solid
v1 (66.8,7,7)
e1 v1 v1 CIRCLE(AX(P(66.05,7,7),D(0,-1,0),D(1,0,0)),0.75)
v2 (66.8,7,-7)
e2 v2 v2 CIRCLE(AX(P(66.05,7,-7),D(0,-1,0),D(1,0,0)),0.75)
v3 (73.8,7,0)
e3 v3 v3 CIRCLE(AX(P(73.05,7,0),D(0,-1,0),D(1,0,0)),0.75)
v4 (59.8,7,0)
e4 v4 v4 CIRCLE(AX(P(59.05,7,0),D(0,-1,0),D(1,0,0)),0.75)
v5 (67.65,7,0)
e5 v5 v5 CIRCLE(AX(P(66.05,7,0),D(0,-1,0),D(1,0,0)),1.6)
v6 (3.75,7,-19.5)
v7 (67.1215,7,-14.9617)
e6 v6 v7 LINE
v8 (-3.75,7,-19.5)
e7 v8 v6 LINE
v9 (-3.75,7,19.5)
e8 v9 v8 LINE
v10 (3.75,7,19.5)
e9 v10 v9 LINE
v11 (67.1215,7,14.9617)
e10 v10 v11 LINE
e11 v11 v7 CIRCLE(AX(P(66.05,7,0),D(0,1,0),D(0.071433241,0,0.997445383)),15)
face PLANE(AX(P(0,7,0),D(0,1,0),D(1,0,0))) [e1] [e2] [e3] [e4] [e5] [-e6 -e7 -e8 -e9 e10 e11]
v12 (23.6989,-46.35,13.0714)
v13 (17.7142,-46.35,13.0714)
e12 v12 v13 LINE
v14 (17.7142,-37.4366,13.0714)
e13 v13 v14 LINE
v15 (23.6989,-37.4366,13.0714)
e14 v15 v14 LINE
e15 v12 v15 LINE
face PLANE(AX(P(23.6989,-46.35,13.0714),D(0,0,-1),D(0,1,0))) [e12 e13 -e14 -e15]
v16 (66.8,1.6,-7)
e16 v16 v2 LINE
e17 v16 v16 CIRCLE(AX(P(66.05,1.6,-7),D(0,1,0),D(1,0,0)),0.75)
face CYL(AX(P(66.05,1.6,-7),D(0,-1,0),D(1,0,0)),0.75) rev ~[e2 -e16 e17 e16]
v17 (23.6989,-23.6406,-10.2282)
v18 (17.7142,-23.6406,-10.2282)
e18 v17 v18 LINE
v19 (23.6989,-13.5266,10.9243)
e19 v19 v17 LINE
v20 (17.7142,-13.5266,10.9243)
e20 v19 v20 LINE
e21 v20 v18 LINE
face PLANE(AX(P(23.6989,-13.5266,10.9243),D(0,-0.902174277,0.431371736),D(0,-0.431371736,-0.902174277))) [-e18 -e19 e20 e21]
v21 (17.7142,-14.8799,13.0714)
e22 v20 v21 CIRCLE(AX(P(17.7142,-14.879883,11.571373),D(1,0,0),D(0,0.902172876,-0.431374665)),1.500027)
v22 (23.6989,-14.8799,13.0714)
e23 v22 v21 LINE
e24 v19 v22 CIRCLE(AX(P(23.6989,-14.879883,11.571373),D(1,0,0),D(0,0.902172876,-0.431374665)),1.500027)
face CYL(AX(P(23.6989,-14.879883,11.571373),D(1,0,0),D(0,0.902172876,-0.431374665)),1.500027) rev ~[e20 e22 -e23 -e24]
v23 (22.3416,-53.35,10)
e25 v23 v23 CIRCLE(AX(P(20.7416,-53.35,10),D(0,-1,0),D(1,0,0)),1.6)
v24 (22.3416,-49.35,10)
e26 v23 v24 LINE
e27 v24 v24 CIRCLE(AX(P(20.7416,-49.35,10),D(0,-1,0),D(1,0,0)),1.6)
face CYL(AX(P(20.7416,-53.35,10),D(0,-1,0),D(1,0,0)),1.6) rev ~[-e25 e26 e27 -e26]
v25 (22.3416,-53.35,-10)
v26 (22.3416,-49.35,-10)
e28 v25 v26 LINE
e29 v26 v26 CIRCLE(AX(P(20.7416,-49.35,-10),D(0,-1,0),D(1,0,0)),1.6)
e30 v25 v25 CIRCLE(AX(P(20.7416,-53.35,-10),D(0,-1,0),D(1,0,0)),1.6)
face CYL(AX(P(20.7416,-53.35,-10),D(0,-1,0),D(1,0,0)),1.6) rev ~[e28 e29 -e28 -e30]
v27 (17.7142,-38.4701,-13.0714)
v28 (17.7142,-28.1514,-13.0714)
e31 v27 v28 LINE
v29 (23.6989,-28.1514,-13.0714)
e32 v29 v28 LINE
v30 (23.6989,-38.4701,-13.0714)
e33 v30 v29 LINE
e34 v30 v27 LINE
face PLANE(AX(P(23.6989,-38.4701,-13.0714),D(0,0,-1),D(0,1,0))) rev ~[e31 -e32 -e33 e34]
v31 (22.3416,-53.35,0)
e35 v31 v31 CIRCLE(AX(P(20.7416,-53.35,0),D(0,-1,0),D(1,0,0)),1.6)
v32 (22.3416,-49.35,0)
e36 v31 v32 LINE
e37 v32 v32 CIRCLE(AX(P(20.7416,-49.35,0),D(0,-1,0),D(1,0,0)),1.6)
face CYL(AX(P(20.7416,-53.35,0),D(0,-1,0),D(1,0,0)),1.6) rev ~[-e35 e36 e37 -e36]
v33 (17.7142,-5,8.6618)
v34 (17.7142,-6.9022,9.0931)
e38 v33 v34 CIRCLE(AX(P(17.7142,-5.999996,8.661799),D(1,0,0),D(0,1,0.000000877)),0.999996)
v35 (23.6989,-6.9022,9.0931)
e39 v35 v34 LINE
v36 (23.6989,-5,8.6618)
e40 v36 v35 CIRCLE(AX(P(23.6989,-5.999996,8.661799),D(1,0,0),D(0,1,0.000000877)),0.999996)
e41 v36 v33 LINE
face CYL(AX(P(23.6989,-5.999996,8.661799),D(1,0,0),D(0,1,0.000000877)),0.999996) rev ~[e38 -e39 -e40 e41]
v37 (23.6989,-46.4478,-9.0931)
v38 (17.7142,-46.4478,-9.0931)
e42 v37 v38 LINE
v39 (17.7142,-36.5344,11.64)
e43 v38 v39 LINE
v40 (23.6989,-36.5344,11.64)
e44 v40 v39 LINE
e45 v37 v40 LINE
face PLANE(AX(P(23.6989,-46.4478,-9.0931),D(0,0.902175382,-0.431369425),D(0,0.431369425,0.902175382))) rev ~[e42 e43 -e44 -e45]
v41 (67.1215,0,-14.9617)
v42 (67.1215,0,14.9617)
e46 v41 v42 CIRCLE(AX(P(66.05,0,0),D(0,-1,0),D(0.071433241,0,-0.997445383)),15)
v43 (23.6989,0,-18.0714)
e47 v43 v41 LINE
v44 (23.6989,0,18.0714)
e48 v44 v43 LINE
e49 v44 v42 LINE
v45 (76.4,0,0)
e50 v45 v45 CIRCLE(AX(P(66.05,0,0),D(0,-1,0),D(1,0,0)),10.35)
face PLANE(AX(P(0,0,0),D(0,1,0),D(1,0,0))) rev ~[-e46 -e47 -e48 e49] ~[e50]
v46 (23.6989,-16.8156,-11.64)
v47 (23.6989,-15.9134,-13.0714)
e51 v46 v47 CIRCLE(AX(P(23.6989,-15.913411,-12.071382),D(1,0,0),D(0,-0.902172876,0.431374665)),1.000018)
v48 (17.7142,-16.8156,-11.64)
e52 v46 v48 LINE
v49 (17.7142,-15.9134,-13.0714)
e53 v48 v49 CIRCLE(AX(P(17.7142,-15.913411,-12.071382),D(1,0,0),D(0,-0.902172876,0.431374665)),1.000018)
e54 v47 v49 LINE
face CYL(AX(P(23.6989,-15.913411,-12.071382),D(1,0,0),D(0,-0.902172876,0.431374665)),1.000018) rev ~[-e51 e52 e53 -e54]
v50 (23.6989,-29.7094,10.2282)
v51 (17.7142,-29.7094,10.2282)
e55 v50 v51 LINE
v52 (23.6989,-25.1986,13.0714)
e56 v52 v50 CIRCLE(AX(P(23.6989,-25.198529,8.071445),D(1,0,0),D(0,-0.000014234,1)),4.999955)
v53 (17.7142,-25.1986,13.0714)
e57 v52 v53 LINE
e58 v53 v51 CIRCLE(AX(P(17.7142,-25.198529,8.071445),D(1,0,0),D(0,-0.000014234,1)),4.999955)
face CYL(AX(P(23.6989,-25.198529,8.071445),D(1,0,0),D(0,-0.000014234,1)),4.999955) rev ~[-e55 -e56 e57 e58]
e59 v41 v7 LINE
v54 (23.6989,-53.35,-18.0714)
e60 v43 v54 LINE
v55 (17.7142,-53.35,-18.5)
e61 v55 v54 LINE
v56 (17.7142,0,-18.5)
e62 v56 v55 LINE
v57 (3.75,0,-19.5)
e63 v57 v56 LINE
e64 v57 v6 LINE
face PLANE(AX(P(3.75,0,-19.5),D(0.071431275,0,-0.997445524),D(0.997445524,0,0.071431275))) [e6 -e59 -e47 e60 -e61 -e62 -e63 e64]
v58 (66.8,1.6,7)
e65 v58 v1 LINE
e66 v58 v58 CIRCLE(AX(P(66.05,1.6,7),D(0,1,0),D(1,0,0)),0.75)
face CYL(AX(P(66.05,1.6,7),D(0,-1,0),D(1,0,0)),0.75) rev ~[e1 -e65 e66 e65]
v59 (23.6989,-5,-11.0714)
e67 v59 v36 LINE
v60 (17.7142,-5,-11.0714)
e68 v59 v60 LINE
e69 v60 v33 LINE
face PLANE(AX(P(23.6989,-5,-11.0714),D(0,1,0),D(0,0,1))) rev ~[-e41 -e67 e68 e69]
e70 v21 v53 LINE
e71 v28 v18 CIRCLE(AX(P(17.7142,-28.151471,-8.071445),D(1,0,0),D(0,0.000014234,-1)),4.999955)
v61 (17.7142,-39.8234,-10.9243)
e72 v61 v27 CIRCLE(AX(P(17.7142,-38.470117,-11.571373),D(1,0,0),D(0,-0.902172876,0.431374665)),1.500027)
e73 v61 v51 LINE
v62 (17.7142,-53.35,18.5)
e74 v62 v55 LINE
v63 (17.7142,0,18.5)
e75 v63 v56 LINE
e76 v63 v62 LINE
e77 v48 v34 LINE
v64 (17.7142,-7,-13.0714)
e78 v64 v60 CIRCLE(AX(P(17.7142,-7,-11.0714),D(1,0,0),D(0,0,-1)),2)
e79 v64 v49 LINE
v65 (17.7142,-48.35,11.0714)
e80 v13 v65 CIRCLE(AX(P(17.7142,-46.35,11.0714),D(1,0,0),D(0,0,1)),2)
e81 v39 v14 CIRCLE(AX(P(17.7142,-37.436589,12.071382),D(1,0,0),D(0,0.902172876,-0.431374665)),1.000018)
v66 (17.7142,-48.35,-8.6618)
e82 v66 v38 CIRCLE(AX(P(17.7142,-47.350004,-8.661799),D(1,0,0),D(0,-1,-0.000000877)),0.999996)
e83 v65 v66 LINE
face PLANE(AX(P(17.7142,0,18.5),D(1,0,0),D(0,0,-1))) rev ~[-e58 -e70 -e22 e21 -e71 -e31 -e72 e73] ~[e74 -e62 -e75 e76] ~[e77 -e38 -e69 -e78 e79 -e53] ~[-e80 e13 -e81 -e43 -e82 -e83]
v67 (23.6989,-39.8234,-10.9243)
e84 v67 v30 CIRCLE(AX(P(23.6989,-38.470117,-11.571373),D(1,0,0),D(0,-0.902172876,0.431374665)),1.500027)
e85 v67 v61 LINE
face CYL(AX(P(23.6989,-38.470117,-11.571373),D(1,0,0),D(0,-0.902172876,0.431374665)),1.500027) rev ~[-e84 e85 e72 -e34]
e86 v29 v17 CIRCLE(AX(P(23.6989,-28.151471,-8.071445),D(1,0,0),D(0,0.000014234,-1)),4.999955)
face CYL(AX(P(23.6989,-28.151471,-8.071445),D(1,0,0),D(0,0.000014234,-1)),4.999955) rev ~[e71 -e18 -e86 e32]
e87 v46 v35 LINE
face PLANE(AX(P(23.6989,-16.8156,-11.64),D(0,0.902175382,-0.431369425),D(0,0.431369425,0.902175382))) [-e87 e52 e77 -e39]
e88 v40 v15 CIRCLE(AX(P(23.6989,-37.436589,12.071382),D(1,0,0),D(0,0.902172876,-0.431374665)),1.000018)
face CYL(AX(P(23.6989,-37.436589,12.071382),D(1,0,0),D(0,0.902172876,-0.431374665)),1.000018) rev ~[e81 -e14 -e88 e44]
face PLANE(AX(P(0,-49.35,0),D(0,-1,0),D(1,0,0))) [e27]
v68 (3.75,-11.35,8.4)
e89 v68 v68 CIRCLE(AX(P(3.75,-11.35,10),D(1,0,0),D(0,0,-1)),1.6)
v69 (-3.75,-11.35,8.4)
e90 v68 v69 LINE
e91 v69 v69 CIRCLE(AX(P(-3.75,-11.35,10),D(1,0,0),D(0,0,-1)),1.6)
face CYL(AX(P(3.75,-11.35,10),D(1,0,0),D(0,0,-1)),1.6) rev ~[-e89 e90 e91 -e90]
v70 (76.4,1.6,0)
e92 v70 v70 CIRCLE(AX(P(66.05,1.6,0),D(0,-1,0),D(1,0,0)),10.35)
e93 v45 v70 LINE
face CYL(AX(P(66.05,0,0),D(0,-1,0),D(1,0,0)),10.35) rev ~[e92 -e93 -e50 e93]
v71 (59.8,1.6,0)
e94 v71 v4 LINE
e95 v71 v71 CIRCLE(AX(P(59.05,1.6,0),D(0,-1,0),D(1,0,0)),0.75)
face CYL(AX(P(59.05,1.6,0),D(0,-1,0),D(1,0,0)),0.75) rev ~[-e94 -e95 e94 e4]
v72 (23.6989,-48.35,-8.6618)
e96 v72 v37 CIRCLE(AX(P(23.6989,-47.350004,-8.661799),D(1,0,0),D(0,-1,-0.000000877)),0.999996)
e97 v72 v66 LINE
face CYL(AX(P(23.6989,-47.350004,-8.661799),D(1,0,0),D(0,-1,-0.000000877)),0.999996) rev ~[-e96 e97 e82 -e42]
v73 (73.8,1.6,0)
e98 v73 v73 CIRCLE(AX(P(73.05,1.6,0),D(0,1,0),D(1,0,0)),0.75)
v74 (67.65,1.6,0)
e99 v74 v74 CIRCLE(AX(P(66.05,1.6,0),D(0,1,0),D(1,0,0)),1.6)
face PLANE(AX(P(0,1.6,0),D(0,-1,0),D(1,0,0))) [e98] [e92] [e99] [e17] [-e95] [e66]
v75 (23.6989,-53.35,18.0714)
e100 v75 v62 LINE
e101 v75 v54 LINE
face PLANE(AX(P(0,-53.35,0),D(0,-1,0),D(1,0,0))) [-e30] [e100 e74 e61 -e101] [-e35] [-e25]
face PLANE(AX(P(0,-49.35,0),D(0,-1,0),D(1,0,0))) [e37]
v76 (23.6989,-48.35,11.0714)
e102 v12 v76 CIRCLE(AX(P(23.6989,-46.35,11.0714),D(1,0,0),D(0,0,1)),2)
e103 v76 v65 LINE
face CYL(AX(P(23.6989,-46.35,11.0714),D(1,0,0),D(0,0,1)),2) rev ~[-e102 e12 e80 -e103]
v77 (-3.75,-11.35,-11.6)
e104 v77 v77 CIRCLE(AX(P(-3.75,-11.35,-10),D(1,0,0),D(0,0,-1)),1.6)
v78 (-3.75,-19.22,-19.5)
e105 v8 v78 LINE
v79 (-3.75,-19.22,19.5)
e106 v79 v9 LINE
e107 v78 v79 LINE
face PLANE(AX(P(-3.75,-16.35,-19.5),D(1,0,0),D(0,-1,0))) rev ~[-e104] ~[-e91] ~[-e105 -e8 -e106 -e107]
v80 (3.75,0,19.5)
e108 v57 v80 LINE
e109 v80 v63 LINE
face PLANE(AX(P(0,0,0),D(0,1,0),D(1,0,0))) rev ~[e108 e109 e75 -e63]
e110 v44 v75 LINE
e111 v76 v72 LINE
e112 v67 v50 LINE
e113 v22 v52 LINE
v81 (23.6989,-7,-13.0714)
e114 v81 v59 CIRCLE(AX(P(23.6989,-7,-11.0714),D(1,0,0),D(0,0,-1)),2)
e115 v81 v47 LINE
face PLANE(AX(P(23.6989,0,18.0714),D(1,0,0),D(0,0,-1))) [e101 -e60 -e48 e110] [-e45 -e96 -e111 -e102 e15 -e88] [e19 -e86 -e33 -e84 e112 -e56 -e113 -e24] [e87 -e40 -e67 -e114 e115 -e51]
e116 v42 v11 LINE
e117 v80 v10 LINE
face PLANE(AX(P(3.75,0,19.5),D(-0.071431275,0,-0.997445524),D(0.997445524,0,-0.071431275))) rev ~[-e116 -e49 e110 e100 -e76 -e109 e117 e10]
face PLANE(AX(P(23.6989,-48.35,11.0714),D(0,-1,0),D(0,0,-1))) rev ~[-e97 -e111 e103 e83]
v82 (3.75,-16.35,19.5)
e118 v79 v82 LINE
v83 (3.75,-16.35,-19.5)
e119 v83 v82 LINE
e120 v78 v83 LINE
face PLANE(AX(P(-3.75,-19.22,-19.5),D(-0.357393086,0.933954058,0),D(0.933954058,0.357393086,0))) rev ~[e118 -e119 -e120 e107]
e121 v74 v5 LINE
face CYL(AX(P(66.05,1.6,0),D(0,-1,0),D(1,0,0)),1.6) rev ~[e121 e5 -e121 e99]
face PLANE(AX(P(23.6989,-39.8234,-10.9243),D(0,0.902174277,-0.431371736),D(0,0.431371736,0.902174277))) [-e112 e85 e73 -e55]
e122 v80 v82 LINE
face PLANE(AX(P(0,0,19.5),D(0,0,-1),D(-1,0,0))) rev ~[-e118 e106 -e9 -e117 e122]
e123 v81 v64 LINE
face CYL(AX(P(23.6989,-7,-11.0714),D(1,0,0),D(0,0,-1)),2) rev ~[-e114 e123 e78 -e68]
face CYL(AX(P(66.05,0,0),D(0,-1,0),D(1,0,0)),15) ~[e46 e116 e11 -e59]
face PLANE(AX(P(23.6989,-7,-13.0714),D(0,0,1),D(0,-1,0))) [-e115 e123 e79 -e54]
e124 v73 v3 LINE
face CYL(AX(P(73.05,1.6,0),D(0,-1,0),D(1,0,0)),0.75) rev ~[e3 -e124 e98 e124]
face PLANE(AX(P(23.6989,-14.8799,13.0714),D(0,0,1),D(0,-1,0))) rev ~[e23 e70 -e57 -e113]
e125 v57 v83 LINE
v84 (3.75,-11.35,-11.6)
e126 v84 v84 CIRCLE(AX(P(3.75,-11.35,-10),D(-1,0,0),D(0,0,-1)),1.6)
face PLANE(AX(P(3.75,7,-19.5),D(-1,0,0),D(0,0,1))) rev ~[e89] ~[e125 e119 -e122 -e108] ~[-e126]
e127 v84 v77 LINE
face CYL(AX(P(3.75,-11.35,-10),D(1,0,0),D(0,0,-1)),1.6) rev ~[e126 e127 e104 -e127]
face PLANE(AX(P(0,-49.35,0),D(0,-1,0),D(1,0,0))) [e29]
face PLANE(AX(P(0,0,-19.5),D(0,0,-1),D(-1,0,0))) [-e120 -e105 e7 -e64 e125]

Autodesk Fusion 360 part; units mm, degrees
sketch "Sketch1" plane through (0, 0, 0) normal (0, 1, 0) x (1, 0, 0)
  line L0 (3.75, -19.5) -> (-3.75, -19.5)
  line L1 (-3.75, -19.5) -> (-3.75, 19.5)
  line L2 (-3.75, 19.5) -> (3.75, 19.5)
  line L3 (3.75, 19.5) -> (3.75, -19.5)
  line L4 (3.75, -19.5) -> (-3.75, 19.5) construction
  line L5 (-3.75, -19.5) -> (3.75, 19.5) construction
  circle A0 centre (66.05, 0) radius 15
  line L6 (3.75, -19.5) -> (67.1215, -14.9617)
  line L7 (3.75, 19.5) -> (67.1215, 14.9617)
  dimension "d1" = 7.5
  dimension "d2" = 39
  dimension "d4" = 30
extrude "Extrude1" add sketch "Sketch1" along normal blind 7
sketch "Sketch2" plane through (0, 7, 0) normal (0, 1, 0) x (-1, 0, 0)
  line L0 (-3.75, 19.5) -> (-67.1215, 14.9617)
  arc A0 (-67.1215, 14.9617) -> (-67.1215, -14.9617) centre (-66.05, 0) ccw
  line L1 (-67.1215, -14.9617) -> (-3.75, -19.5)
  line L2 (-3.75, -19.5) -> (3.75, -19.5)
  line L3 (3.75, -19.5) -> (3.75, 19.5)
  line L4 (3.75, 19.5) -> (-3.75, 19.5)
  line L5 (3.75, -19.5) -> (-3.75, -19.5)
  line L6 (-3.75, -19.5) -> (-3.75, 19.5)
  line L7 (-3.75, 19.5) -> (3.75, 19.5)
  line L8 (3.75, 19.5) -> (3.75, -19.5)
extrude "Extrude2" add sketch "Sketch2" against normal blind 23.35 contours L2 L3 L4 L5 L6 L7 L8
sketch "Sketch3" plane through (0, 0, -19.5) normal (0, 0, -1) x (-1, 0, 0)
  line L0 (3.75, -16.35) -> (3.75, 7)
  line L1 (3.75, 7) -> (-3.75, 7)
  line L2 (-3.75, 7) -> (-3.75, 0)
  line L3 (-3.75, 0) -> (-3.75, -16.35)
  line L4 (-3.75, -16.35) -> (3.75, -16.35)
  line L5 (3.75, -16.35) -> (3.75, -19.22)
  line L6 (3.75, -19.22) -> (-3.75, -16.35)
  dimension "d9" = 2.87
extrude "Extrude3" add sketch "Sketch3" against normal blind 39 contours L4 L5 L6
sketch "Sketch4" plane through (0, 0, 0) normal (0, -1, 0) x (1, 0, 0)
  line L0 (3.75, 19.5) -> (3.75, -19.5)
  line L1 (3.75, -19.5) -> (67.1215, -14.9617)
  arc A0 (67.1215, -14.9617) -> (67.1215, 14.9617) centre (66.05, 0) ccw
  line L2 (67.1215, 14.9617) -> (3.75, 19.5)
  line L3 (3.75, -19.5) -> (17.7142, -18.5)
  line L4 (17.7142, -18.5) -> (23.6989, -18.0714)
  line L5 (3.75, 19.5) -> (17.7142, 18.5)
  line L6 (17.7142, 18.5) -> (23.6989, 18.0714)
  line L7 (23.6989, 18.0714) -> (23.6989, -18.0714)
  line L8 (17.7142, 18.5) -> (17.7142, -18.5)
  dimension "d12" = 14
  dimension "d13" = 6
  dimension "d14" = 14
  dimension "d15" = 6
extrude "Extrude4" add sketch "Sketch4" along normal blind 53.35 contours L1 L2 L4 L6 L7 L8
sketch "Sketch5" plane through (23.6989, 0, 0) normal (1, 0, 0) x (0, 0, -1)
  line L0 (18.0714, 0) -> (-18.0714, 0)
  line L1 (-18.0714, 0) -> (-18.0714, -53.35)
  line L2 (-18.0714, -53.35) -> (18.0714, -53.35)
  line L3 (18.0714, -53.35) -> (18.0714, 0)
  line L4 (-11.0714, -48.35) -> (8.6618, -48.35)
  line L5 (11.0714, -5) -> (-8.6618, -5)
  line L6 (13.0714, -7) -> (13.0714, -17.5)
  line L7 (11.64, -16.8156) -> (-9.0931, -6.9022)
  line L8 (-13.0714, -46.35) -> (-13.0714, -35.85)
  line L9 (9.0931, -46.4478) -> (-11.64, -36.5344)
  line L10 (10.9243, -39.8234) -> (-10.2282, -29.7094)
  line L11 (-10.9243, -13.5266) -> (10.2282, -23.6406)
  line L12 (13.0714, -38.4701) -> (13.0714, -28.1514)
  line L13 (13.0714, -15.9134) -> (13.0714, -5)
  line L14 (-13.0714, -14.8799) -> (-13.0714, -25.1986)
  line L15 (-13.0714, -37.4366) -> (-13.0714, -48.35)
  arc A0 (8.6618, -48.35) -> (9.0931, -46.4478) centre (8.6618, -47.35) ccw
  arc A1 (-11.64, -36.5344) -> (-13.0714, -37.4366) centre (-12.0714, -37.4366) ccw
  arc A2 (11.64, -16.8156) -> (13.0714, -15.9134) centre (12.0714, -15.9134) ccw
  arc A3 (-8.6618, -5) -> (-9.0931, -6.9022) centre (-8.6618, -6) ccw
  arc A4 (13.0714, -7) -> (11.0714, -5) centre (11.0714, -7) ccw
  arc A5 (-13.0714, -46.35) -> (-11.0714, -48.35) centre (-11.0714, -46.35) ccw
  arc A6 (10.9243, -39.8234) -> (13.0714, -38.4701) centre (11.5714, -38.4701) ccw
  arc A7 (-10.9243, -13.5266) -> (-13.0714, -14.8799) centre (-11.5714, -14.8799) ccw
  arc A8 (13.0714, -28.1514) -> (10.2282, -23.6406) centre (8.0714, -28.1514) ccw
  arc A9 (-13.0714, -25.1986) -> (-10.2282, -29.7094) centre (-8.0714, -25.1986) ccw
  point P0 (-13.0714, -5)
  point P1 (13.0714, -48.35)
  point P2 (13.0714, -25)
  point P3 (-13.0714, -28.35)
  point P4 (13.0714, -40.85)
  point P5 (-13.0714, -12.5)
  dimension "d19" = 12.5
  dimension "d20" = 7.5
  dimension "d21" = 12.5
  dimension "d22" = 7.5
  dimension "d23" = 7.5
  dimension "d24" = 7.5
  dimension "d25" = 1
  dimension "d26" = 2
  dimension "d27" = 1.5
  dimension "d28" = 5
extrude "Extrude5" cut sketch "Sketch5" against normal blind 9 contours L4 L8 L9 L15 A0 A1 A5 | L5 L6 L7 L13 A2 A3 A4 | L10 L11 L12 L14 A6 A7 A8 A9
sketch "Sketch6" plane through (0, 0, 0) normal (0, -1, 0) x (1, 0, 0)
  line L0 (23.6989, 18.0714) -> (23.6989, -18.0714)
  line L1 (23.6989, -18.0714) -> (67.1215, -14.9617)
  arc A0 (67.1215, -14.9617) -> (67.1215, 14.9617) centre (66.05, 0) ccw
  line L2 (67.1215, 14.9617) -> (23.6989, 18.0714)
  circle A1 centre (66.05, 0) radius 10.35
  dimension "d31" = 20.7
extrude "Extrude6" cut sketch "Sketch6" against normal blind 1.6 contours A1
sketch "Sketch7" plane through (0, 1.6, 0) normal (0, -1, 0) x (1, 0, 0)
  circle A0 centre (66.05, 0) radius 10.35
  circle A1 centre (66.05, 0) radius 1.6
  line L0 (66.05, 0) -> (59.05, 0)
  line L1 (66.05, 0) -> (73.05, 0)
  line L2 (66.05, 0) -> (66.05, -7)
  line L3 (66.05, 0) -> (66.05, 7)
  circle A2 centre (59.05, 0) radius 0.75
  circle A3 centre (66.05, 7) radius 0.75
  circle A4 centre (73.05, 0) radius 0.75
  circle A5 centre (66.05, -7) radius 0.75
  dimension "d34" = 3.2
  dimension "d35" = 7
  dimension "d36" = 7
  dimension "d37" = 7
  dimension "d38" = 7
  dimension "d39" = 1.5
  dimension "d40" = 1.5
  dimension "d41" = 1.5
  dimension "d42" = 1.5
extrude "Extrude7" cut sketch "Sketch7" against normal blind 13 contours A1 L1 L3 | A5 | A2 | A3 | A1 L1 L2 | A4 | A1 L0 L3 | A1 L0 L2
sketch "Sketch8" plane through (3.75, 0, 0) normal (1, 0, 0) x (0, 0, -1)
  line L0 (19.5, 0) -> (-19.5, 0)
  line L1 (-19.5, 0) -> (-19.5, -16.35)
  line L2 (-19.5, -16.35) -> (19.5, -16.35)
  line L3 (19.5, -16.35) -> (19.5, 0)
  line L4 (19.5, -16.35) -> (10, -16.35)
  line L5 (10, -16.35) -> (10, -11.35)
  circle A0 centre (10, -11.35) radius 1.6
  line L6 (10, -11.35) -> (-10, -11.35)
  circle A1 centre (-10, -11.35) radius 1.6
  dimension "d45" = 9.5
  dimension "d46" = 5
  dimension "d47" = 3.2
  dimension "d48" = 20
  dimension "d49" = 3.2
extrude "Extrude8" cut sketch "Sketch8" against normal blind 19 contours A1 | L5 A0 L6 | L5 A0 L6
sketch "Sketch9" plane through (0, -53.35, 0) normal (0, -1, 0) x (1, 0, 0)
  line L0 (23.6989, 18.0714) -> (17.7142, 18.5)
  line L1 (17.7142, 18.5) -> (17.7142, -18.5)
  line L2 (17.7142, -18.5) -> (23.6989, -18.0714)
  line L3 (23.6989, -18.0714) -> (23.6989, 18.0714)
  circle A0 centre (20.7416, 0) radius 1.6
  circle A1 centre (20.7416, 10) radius 1.6
  circle A2 centre (20.7416, -10) radius 1.6
  dimension "d52" = 3.2
  dimension "d53" = 10
  dimension "d54" = 10
  dimension "d55" = 3.2
  dimension "d56" = 3.2
extrude "Extrude9" cut sketch "Sketch9" against normal blind 4 contours A0 | A1 | A2
